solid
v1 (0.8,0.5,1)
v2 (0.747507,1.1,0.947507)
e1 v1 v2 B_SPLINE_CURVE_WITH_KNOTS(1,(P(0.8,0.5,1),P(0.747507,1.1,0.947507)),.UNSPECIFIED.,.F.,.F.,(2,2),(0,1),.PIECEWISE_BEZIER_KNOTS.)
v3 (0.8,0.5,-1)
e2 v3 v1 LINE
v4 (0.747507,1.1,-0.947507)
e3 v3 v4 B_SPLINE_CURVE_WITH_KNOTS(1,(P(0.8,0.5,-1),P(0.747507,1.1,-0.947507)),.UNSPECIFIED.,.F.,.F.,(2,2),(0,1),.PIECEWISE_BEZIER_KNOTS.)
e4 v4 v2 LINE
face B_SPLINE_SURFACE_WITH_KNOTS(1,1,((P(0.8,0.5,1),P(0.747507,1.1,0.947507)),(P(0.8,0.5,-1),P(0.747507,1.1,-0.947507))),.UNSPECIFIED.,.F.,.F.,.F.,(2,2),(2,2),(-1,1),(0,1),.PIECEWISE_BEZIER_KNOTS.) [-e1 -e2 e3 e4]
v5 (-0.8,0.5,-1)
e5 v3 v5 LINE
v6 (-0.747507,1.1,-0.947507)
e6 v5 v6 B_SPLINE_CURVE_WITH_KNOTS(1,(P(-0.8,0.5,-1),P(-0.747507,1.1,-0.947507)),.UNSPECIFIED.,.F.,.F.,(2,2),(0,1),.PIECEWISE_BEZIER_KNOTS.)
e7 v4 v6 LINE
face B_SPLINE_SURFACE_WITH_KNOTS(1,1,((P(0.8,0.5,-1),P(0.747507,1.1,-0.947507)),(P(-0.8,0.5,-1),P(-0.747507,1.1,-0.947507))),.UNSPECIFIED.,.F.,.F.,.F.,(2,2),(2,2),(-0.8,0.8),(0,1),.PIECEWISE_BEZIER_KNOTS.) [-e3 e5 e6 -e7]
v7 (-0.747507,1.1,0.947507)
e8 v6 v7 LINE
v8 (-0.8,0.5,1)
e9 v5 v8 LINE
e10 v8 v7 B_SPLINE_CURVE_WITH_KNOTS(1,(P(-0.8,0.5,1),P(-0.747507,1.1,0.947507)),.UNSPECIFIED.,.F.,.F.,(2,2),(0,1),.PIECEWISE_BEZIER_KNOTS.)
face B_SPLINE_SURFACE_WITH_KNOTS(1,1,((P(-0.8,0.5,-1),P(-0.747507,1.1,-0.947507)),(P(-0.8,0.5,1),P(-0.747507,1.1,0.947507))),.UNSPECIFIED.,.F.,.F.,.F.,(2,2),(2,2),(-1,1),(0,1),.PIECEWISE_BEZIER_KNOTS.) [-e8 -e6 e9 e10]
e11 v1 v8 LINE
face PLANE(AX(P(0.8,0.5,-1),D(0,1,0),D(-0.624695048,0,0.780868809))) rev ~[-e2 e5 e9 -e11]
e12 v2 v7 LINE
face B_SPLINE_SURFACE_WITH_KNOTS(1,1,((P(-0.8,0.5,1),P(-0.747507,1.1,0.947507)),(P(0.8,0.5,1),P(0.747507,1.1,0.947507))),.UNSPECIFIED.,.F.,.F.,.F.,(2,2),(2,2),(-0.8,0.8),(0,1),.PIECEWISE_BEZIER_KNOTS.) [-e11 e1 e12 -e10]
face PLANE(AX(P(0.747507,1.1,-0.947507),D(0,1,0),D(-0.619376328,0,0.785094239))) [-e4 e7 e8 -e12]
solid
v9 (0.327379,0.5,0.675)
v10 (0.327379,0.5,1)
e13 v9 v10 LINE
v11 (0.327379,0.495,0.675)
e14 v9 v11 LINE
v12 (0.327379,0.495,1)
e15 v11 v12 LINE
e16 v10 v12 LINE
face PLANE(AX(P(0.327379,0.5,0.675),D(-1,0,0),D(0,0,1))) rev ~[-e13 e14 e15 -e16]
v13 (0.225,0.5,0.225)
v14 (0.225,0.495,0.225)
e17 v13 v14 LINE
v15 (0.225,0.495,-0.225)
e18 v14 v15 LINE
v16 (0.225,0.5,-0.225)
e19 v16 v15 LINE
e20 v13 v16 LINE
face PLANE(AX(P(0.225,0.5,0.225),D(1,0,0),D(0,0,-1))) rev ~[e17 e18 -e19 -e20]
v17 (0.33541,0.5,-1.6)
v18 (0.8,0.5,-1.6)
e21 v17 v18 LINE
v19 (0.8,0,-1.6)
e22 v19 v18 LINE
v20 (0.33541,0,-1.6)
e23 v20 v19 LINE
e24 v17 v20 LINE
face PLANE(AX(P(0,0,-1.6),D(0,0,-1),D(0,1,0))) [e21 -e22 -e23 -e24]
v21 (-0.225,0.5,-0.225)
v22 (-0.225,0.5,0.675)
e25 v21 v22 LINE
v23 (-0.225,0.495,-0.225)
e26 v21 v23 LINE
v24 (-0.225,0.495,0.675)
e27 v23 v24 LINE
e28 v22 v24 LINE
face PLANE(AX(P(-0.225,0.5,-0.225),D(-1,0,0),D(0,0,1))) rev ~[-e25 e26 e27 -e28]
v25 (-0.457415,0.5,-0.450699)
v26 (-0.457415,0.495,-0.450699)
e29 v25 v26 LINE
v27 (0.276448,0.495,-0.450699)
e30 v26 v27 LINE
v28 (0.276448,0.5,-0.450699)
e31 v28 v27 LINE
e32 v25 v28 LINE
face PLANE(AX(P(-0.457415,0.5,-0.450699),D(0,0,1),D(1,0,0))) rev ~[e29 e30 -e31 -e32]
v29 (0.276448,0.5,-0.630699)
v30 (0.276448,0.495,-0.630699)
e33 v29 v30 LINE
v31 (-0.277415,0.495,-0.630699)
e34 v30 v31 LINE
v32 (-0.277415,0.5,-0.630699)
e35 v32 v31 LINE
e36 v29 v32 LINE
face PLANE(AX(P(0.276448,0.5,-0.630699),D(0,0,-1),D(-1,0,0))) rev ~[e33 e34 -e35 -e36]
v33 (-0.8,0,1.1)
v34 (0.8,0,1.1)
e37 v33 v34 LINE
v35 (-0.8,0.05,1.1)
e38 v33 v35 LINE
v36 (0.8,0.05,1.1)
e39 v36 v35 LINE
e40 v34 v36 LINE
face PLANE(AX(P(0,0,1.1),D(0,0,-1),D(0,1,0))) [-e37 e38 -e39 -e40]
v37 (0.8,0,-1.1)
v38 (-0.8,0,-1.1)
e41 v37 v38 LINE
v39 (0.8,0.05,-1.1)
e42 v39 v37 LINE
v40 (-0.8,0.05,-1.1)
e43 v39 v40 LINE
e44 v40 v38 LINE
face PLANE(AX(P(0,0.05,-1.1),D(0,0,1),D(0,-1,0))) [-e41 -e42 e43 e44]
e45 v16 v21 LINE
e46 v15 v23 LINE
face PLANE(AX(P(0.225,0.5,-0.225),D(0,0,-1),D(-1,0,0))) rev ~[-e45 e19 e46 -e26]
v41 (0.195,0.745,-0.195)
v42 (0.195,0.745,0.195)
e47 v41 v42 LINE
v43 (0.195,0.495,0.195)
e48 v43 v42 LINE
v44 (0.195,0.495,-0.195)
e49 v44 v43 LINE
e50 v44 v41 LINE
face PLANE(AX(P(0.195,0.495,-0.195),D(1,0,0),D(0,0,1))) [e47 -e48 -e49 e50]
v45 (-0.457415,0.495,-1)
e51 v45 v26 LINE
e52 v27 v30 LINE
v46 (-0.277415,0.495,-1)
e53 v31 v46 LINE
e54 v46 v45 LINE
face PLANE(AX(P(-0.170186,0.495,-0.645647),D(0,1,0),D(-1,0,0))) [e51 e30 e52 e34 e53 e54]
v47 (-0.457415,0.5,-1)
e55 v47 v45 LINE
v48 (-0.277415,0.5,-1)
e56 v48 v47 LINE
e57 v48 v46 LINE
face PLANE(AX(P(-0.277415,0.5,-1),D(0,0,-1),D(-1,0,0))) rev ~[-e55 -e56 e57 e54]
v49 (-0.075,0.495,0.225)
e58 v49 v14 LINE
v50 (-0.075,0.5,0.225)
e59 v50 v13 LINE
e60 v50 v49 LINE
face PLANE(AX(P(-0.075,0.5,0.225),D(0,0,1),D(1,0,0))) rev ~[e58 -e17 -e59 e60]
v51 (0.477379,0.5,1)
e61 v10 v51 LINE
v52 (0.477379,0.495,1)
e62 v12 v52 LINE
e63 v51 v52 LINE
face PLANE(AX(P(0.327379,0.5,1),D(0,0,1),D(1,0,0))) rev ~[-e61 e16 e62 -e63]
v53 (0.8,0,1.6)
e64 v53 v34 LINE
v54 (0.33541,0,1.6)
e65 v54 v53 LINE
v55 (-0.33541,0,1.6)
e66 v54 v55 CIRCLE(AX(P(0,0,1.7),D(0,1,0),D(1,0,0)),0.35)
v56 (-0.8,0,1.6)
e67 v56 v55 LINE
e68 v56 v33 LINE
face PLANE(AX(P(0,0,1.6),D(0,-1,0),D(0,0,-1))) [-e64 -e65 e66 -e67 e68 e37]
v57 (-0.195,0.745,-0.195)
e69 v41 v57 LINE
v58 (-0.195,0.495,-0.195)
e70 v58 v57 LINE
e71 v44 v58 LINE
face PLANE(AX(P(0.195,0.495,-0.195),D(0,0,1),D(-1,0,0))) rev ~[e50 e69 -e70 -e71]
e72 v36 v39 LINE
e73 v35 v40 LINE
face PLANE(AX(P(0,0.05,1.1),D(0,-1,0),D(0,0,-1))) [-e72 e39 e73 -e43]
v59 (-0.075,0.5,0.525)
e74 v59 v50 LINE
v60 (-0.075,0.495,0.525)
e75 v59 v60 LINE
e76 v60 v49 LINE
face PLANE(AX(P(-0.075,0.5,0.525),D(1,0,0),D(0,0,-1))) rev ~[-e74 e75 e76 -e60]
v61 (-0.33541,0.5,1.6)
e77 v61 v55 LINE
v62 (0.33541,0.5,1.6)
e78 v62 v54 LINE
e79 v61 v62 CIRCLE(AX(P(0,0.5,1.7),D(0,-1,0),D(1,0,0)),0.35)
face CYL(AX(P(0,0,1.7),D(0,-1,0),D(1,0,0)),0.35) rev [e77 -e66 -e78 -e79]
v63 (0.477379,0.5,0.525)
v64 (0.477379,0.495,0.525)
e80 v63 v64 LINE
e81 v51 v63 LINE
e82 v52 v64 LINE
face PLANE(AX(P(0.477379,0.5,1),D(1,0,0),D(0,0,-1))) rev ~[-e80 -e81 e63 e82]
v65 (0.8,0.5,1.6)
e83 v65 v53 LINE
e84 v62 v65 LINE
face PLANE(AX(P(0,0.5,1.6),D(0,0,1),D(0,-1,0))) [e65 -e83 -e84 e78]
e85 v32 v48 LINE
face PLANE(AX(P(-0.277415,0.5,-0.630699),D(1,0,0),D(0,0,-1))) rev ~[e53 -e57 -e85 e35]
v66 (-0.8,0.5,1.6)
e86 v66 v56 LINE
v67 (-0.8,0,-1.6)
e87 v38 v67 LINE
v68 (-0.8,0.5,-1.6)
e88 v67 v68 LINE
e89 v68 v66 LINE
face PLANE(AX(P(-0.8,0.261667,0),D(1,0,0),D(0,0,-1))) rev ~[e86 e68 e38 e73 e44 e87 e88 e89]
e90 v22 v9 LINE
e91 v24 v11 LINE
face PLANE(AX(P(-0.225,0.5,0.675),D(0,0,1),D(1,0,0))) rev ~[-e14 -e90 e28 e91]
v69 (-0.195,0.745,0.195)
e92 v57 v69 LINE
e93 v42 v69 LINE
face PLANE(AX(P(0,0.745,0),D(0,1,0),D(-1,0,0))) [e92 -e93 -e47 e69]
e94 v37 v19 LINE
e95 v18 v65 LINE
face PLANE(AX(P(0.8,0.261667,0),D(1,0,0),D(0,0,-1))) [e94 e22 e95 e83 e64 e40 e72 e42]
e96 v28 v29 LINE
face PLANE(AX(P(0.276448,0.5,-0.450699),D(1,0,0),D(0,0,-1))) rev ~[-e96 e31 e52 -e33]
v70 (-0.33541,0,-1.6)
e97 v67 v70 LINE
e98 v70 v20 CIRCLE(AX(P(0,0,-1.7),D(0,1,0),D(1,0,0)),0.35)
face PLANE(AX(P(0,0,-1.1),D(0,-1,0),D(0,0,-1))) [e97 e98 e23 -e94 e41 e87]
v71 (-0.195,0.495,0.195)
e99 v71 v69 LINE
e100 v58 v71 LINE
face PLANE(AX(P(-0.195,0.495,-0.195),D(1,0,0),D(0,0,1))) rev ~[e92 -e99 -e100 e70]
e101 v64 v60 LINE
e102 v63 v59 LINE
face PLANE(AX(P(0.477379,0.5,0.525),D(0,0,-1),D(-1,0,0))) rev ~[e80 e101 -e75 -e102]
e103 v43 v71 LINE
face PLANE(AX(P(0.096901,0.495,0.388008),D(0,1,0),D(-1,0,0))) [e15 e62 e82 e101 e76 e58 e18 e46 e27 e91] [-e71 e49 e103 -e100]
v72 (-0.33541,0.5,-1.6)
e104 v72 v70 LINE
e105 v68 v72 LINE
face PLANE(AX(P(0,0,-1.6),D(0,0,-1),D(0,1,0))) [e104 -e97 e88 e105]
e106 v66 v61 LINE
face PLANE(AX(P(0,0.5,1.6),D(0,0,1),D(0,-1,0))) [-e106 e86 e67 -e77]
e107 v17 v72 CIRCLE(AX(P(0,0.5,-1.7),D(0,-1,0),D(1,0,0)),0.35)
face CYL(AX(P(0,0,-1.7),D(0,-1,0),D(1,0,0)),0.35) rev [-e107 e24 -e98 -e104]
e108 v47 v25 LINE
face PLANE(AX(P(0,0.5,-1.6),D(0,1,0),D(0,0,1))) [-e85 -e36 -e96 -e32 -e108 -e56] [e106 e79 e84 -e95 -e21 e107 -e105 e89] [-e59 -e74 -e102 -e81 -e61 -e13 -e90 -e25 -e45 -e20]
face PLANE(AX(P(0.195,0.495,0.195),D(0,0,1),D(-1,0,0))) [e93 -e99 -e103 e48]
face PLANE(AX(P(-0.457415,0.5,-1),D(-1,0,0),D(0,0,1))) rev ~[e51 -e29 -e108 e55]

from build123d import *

# Parameters (mm, degrees)
EXTRUDE1_DEPTH      = 0.8
EXTRUDE1_DEPTH_BACK = 0.8
SKETCH2_R           = 0.35
CUT_EXTRUDE1_DEPTH  = 2.857417562
CUT_EXTRUDE2_DEPTH  = 0.005
SKETCH4_W           = 0.39
SKETCH4_H           = 0.39
EXTRUDE2_DEPTH      = 0.25
SKETCH5_W           = 1.6
SKETCH5_H           = 2
EXTRUDE3_DEPTH      = 0.6
EXTRUDE3_TAPER      = 5


with BuildPart() as part:
    # Sketch1 → Extrude1 (new, two sides: drawn at the far end of the back side and taken through both)
    with BuildSketch(Plane(origin=(0, 0, 0), x_dir=(0, 0, -1), z_dir=(1, 0, 0)).offset(-EXTRUDE1_DEPTH_BACK)):
        Polygon((1.1, 0), (1.6, 0), (1.6, 0.5), (-1.6, 0.5), (-1.6, 0), (-1.1, 0), (-1.1, 0.05), (1.1, 0.05), align=None)
    extrude(amount=EXTRUDE1_DEPTH + EXTRUDE1_DEPTH_BACK)

    # Sketch2 → Cut-Extrude1 (cut, through all)
    with BuildSketch(Plane(origin=(0, 0, 0), x_dir=(1, 0, 0), z_dir=(0, 1, 0))):
        with Locations((0, 1.7)):
            Circle(SKETCH2_R)
        with Locations((0, -1.7)):
            Circle(SKETCH2_R)
    extrude(amount=CUT_EXTRUDE1_DEPTH, mode=Mode.SUBTRACT)

    # Sketch3 → Cut-Extrude2 (cut)
    with BuildSketch(Plane(origin=(0, 0.5, 0), x_dir=(-1, 0, 0), z_dir=(0, 1, 0))):
        Polygon((0.27741461, -1), (0.45741461, -1), (0.45741461, -0.450698672), (-0.276447509, -0.450698672), (-0.276447509, -0.630698672), (0.27741461, -0.630698672), align=None)
        Polygon((-0.225, -0.225), (0.225, -0.225), (0.225, 0.675), (-0.327379025, 0.675), (-0.327379025, 1), (-0.477379025, 1), (-0.477379025, 0.525), (0.075, 0.525), (0.075, 0.225), (-0.225, 0.225), align=None)
    extrude(amount=-CUT_EXTRUDE2_DEPTH, mode=Mode.SUBTRACT)

    # Sketch4 → Extrude2 (add)
    with BuildSketch(Plane(origin=(0, 0.495, 0), x_dir=(-1, 0, 0), z_dir=(0, 1, 0))):
        Rectangle(SKETCH4_W, SKETCH4_H)
    extrude(amount=EXTRUDE2_DEPTH)


with BuildPart() as body_2:
    # Sketch5 → Extrude3 (new body)
    with BuildSketch(Plane(origin=(0, 0.5, 0), x_dir=(-1, 0, 0), z_dir=(0, 1, 0))):
        Rectangle(SKETCH5_W, SKETCH5_H)
    extrude(amount=EXTRUDE3_DEPTH, taper=EXTRUDE3_TAPER)


solid = Compound([part.part, body_2.part])
